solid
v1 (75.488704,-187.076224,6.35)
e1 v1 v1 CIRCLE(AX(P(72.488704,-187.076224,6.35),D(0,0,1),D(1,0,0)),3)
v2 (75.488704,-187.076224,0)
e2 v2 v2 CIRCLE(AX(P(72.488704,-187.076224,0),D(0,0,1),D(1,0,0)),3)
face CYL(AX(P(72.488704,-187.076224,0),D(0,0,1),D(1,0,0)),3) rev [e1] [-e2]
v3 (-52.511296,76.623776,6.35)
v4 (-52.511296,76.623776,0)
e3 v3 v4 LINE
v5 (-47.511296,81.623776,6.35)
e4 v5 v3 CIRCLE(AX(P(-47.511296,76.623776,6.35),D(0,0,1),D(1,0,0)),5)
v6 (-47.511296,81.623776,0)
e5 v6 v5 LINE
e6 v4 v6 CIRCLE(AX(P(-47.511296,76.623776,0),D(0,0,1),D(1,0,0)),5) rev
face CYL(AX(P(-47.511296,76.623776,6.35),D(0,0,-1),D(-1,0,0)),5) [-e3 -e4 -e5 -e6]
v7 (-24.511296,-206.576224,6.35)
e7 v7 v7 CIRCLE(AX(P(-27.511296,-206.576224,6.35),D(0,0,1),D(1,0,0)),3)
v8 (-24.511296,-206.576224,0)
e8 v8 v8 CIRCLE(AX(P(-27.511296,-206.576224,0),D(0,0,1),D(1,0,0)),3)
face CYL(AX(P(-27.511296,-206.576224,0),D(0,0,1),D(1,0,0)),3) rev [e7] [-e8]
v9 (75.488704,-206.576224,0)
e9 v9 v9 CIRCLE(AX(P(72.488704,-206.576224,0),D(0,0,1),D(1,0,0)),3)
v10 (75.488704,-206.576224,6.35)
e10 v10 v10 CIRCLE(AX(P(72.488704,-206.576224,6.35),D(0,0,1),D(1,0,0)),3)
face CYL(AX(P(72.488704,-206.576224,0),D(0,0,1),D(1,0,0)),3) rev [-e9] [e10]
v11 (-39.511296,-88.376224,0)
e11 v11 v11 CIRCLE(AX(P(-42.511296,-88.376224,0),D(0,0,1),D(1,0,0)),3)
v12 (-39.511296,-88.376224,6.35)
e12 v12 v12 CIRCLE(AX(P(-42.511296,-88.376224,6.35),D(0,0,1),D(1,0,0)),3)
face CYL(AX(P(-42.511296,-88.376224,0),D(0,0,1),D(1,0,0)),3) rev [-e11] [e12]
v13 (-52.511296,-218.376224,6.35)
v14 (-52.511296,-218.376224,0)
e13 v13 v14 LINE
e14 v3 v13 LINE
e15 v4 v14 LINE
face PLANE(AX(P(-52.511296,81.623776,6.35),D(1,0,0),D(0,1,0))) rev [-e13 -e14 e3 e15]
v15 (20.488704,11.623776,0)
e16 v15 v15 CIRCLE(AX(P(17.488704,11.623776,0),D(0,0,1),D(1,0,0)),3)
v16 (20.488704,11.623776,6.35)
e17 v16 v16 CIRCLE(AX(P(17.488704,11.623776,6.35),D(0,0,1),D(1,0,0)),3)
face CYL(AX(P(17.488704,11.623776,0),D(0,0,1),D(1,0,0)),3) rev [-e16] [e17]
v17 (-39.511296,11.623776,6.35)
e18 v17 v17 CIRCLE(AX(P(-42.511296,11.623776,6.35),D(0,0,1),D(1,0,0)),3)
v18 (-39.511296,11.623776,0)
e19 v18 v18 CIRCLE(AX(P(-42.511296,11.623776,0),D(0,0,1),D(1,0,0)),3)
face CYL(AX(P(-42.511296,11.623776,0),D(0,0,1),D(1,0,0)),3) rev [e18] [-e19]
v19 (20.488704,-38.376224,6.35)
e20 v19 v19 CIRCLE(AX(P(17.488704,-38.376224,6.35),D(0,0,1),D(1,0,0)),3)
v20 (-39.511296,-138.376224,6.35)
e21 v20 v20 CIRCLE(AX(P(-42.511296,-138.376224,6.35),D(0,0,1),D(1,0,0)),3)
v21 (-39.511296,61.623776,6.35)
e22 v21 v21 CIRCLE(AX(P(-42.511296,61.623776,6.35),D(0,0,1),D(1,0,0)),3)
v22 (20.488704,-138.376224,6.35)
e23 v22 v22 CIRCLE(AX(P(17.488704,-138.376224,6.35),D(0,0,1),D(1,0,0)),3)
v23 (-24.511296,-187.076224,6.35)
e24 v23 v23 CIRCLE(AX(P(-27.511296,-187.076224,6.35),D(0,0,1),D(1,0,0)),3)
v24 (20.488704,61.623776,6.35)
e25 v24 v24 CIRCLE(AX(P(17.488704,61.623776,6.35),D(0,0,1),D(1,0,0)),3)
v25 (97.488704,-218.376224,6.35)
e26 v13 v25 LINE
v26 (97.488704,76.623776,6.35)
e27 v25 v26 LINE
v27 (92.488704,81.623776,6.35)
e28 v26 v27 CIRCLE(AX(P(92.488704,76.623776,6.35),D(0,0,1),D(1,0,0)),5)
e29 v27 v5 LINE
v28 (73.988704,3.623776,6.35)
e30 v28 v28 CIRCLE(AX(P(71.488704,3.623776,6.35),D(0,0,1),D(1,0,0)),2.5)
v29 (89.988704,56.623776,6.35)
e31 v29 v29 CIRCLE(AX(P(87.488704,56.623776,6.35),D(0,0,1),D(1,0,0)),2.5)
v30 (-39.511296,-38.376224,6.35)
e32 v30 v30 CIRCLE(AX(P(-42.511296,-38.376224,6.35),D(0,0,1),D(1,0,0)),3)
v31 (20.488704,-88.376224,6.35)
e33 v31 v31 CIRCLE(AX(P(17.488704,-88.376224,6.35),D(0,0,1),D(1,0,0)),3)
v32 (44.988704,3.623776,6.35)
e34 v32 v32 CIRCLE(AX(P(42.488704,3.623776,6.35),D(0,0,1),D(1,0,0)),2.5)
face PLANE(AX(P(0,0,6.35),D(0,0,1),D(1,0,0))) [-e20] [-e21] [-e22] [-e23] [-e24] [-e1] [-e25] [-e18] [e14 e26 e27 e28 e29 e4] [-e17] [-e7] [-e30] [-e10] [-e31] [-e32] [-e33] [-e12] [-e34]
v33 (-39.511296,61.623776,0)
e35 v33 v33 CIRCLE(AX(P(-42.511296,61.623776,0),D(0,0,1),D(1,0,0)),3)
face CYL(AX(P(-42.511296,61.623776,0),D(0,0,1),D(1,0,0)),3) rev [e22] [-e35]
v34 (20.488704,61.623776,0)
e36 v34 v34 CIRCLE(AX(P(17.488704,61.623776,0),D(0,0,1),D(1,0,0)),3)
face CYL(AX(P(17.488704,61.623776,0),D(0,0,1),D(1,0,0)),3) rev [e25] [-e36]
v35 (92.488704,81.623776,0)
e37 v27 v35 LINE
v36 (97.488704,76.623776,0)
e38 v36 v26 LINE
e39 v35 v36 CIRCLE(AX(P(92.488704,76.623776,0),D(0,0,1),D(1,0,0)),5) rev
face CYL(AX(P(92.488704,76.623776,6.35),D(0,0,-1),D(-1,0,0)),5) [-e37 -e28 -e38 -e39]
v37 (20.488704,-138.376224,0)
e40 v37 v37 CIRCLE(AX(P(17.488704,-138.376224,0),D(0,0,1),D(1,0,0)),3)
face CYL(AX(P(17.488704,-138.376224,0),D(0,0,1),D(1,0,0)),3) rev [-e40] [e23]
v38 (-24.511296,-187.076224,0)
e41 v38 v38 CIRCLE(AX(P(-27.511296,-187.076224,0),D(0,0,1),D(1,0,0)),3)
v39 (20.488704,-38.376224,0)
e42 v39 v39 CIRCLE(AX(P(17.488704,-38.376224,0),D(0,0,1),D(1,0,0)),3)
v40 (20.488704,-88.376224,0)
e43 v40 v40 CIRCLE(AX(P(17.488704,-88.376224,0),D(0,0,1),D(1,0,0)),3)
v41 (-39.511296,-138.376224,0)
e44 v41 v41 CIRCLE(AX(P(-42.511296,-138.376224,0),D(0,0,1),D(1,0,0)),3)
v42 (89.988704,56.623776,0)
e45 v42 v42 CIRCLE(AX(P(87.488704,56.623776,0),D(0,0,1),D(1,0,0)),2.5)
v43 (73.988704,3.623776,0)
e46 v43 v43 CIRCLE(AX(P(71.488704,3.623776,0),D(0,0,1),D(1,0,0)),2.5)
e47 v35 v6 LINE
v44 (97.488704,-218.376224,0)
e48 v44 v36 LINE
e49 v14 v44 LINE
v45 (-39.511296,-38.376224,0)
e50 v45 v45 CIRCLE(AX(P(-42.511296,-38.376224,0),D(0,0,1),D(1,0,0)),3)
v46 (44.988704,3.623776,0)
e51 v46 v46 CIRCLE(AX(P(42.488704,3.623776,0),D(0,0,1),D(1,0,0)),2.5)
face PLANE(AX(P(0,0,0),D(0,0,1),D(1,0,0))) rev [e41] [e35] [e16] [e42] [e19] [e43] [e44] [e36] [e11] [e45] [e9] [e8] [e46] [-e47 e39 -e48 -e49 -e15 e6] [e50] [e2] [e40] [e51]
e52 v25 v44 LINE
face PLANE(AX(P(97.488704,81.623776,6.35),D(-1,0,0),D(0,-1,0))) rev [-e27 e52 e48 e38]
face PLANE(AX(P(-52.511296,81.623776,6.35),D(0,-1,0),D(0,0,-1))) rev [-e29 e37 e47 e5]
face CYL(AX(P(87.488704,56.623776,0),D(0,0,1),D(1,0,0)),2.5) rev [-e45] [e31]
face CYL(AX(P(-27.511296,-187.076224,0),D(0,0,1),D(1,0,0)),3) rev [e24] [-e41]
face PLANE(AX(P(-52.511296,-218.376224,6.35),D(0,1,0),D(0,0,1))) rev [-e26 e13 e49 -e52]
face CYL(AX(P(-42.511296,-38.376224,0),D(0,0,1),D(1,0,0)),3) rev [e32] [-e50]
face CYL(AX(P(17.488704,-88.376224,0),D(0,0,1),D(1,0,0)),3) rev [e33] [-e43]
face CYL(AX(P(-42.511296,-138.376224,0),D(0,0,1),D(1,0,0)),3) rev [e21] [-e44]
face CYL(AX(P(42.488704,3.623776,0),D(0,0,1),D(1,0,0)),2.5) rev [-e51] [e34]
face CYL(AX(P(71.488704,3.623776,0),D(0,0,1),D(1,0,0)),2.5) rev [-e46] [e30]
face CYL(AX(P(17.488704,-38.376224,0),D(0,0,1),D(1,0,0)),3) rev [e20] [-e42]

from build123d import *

# Parameters (mm, degrees)
SKETCH1_W           = 150
SKETCH1_H           = 300
BOSS_EXTRUDE1_DEPTH = 6.35
SKETCH2_R           = 3
CUT_EXTRUDE1_DEPTH  = 240.233244061
SKETCH3_R           = 2.5
SKETCH3_R_2         = 3
CUT_EXTRUDE2_DEPTH  = 240.233244061
FILLET1_R           = 5


with BuildPart() as part:
    # Sketch1 → Boss-Extrude1 (new body)
    with BuildSketch(Plane.XY):
        with Locations((22.488704023, -68.37622387)):
            Rectangle(SKETCH1_W, SKETCH1_H)
    extrude(amount=BOSS_EXTRUDE1_DEPTH)

    # Sketch2 → Cut-Extrude1 (cut, through all)
    with BuildSketch(Plane.XY.offset(6.35)):
        with Locations((-27.511295977, -206.57622387)):
            Circle(SKETCH2_R)
        with Locations((-27.511295977, -187.07622387)):
            Circle(SKETCH2_R)
        with Locations((72.488704023, -206.57622387)):
            Circle(SKETCH2_R)
        with Locations((72.488704023, -187.07622387)):
            Circle(SKETCH2_R)
    extrude(amount=-CUT_EXTRUDE1_DEPTH, mode=Mode.SUBTRACT)

    # Sketch3 → Cut-Extrude2 (cut, through all)
    with BuildSketch(Plane.XY.offset(6.35)):
        with Locations((42.488704023, 3.62377613)):
            Circle(SKETCH3_R)
        with Locations((71.488704023, 3.62377613)):
            Circle(SKETCH3_R)
        with Locations((87.488704023, 56.62377613)):
            Circle(SKETCH3_R)
        with Locations((-42.511295977, -38.37622387)):
            Circle(SKETCH3_R_2)
        with Locations((17.488704023, -38.37622387)):
            Circle(SKETCH3_R_2)
        with Locations((-42.511295977, -138.37622387)):
            Circle(SKETCH3_R_2)
        with Locations((17.488704023, -138.37622387)):
            Circle(SKETCH3_R_2)
        with Locations((-42.511295977, -88.37622387)):
            Circle(SKETCH3_R_2)
        with Locations((17.488704023, -88.37622387)):
            Circle(SKETCH3_R_2)
        with Locations((-42.511295977, 11.62377613)):
            Circle(SKETCH3_R_2)
        with Locations((17.488704023, 11.62377613)):
            Circle(SKETCH3_R_2)
        with Locations((-42.511295977, 61.62377613)):
            Circle(SKETCH3_R_2)
        with Locations((17.488704023, 61.62377613)):
            Circle(SKETCH3_R_2)
    extrude(amount=-CUT_EXTRUDE2_DEPTH, mode=Mode.SUBTRACT)

    # Fillet1
    fillet1_edges = [part.edges().sort_by_distance(p)[0] for p in [
        (-52.511295977, 81.62377613, 3.175),
        (97.488704023, 81.62377613, 3.175),
    ]]
    fillet(fillet1_edges, radius=FILLET1_R)


solid = part.part
